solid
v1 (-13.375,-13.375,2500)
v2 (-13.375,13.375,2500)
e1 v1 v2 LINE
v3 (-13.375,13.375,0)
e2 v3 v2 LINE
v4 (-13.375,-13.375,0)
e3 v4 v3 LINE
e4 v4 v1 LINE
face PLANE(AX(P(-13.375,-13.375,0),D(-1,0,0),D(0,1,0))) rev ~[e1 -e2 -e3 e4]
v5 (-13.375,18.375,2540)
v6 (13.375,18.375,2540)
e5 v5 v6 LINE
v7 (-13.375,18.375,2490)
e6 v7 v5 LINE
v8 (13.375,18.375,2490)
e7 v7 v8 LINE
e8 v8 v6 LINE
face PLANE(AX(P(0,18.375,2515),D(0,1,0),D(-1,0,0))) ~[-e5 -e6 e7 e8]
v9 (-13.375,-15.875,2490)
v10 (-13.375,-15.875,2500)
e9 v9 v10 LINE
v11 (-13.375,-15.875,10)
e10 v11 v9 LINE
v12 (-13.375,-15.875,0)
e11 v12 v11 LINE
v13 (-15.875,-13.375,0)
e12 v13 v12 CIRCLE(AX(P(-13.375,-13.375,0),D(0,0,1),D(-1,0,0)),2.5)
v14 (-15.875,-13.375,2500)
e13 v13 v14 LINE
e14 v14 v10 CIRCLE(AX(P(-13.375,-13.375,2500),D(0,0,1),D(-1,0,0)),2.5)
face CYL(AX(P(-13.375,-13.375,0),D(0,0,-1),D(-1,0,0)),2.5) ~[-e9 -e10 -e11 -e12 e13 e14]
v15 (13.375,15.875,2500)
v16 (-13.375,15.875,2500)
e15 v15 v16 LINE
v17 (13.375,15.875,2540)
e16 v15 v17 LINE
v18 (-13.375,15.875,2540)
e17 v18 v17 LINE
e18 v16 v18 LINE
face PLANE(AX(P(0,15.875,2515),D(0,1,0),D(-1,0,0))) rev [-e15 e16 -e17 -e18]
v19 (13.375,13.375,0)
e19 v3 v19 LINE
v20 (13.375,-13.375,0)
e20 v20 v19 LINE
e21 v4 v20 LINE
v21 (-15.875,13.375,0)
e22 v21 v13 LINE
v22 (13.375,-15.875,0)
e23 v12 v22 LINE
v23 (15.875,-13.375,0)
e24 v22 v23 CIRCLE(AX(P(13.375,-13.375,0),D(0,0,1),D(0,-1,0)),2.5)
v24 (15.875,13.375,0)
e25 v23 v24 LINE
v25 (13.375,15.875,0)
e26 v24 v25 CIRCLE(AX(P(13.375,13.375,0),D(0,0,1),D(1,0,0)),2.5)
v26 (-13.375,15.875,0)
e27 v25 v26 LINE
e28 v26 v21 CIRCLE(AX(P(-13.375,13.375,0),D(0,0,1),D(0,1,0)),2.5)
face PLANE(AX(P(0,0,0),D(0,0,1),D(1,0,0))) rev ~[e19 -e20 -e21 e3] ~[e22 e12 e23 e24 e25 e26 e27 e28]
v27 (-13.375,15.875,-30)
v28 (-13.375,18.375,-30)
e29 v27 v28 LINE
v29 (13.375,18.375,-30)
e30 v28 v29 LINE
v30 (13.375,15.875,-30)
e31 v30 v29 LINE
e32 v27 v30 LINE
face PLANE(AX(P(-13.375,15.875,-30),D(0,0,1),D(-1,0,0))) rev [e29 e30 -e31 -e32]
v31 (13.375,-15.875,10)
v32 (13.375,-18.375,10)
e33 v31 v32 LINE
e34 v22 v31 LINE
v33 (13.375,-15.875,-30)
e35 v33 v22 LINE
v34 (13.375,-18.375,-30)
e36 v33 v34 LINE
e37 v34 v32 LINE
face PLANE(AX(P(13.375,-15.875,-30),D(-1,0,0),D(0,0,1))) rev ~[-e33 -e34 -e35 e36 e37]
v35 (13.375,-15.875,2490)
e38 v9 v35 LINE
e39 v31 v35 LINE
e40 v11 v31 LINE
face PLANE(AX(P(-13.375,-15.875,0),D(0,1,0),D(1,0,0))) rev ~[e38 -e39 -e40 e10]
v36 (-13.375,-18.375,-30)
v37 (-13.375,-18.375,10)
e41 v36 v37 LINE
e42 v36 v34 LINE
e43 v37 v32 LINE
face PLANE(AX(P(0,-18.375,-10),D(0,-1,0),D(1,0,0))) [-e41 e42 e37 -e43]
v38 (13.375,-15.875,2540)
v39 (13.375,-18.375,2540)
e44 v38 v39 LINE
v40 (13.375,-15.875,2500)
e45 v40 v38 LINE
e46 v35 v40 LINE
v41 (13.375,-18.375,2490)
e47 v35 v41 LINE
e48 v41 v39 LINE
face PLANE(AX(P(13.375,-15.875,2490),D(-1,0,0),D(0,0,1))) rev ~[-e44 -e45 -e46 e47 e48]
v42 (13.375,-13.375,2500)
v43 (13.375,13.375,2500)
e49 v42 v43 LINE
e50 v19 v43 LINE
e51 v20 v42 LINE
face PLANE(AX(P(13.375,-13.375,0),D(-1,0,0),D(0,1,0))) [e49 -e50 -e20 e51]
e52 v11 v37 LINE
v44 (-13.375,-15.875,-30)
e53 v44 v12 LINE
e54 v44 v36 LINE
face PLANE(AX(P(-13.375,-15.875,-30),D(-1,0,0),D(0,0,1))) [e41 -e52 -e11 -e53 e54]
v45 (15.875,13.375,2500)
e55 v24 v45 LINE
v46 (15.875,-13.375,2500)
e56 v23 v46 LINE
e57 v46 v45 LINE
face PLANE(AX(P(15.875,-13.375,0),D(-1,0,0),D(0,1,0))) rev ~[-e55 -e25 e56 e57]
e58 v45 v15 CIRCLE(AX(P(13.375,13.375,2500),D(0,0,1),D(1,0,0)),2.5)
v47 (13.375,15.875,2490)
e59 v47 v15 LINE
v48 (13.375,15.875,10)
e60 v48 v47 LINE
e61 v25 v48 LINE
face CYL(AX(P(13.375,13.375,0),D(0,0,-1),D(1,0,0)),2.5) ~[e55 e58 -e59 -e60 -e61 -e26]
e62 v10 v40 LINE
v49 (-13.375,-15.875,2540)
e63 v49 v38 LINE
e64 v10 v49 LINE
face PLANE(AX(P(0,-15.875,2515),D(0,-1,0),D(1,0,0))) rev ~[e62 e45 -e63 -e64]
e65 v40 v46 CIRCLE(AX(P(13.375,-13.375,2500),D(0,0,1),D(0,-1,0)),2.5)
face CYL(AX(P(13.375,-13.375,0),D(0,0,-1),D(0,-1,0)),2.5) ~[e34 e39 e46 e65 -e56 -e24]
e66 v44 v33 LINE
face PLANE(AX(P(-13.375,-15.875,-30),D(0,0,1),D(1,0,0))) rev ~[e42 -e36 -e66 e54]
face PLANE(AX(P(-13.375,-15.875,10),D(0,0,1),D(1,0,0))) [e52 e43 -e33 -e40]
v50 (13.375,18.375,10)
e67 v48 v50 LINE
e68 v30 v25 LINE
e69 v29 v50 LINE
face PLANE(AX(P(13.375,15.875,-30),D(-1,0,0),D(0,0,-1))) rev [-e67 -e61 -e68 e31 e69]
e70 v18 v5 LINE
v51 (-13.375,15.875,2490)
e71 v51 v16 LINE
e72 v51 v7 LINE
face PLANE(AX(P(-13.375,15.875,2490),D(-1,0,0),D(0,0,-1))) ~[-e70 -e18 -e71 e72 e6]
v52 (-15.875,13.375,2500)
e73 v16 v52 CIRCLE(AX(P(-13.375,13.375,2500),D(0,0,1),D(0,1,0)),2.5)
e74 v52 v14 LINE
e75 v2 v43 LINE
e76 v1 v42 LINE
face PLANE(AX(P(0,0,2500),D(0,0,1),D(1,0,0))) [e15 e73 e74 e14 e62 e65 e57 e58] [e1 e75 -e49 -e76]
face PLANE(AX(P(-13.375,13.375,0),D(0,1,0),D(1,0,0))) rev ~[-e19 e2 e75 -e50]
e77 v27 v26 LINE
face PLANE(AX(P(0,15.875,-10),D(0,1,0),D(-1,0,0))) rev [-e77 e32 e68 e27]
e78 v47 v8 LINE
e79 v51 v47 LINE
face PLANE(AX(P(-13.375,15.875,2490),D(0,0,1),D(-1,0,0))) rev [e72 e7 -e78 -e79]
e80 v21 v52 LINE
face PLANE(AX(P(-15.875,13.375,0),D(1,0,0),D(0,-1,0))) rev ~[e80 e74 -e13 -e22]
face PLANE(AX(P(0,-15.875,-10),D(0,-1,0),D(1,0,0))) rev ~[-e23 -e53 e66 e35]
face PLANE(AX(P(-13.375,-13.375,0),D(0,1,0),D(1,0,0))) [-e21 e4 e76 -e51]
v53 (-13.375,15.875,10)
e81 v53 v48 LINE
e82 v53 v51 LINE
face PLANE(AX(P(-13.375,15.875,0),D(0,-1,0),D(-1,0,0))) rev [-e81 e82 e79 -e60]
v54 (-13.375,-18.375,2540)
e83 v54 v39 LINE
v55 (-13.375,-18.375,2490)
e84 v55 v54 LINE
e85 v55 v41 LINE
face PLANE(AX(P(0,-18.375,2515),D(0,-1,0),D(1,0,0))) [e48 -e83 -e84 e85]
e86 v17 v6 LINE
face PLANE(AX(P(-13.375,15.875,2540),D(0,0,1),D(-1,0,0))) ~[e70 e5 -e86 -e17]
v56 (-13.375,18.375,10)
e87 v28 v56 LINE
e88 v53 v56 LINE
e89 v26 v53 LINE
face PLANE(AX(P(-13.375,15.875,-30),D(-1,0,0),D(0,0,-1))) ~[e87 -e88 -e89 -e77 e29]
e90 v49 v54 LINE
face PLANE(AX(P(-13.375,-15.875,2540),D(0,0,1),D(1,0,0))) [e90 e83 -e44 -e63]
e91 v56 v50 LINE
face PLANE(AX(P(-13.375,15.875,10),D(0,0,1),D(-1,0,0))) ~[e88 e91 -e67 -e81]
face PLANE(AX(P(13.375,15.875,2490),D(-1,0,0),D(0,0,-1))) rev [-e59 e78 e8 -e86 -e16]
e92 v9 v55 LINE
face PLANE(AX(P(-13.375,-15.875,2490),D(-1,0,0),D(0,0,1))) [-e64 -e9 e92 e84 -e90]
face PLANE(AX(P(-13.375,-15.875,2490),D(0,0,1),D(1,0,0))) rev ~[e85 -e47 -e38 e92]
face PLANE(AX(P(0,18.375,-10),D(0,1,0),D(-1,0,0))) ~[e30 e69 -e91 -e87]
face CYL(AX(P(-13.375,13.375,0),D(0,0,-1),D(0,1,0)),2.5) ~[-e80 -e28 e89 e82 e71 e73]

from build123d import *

# Parameters (mm, degrees)
F0_W     = 26.75
F0_H     = 26.75
F1_DEPTH = 2500
F2_W     = 26.75
F2_H     = 50
F2_H_2   = 40
F3_DEPTH = 2.5


with BuildPart() as f1:
    # F0 (on Top) → F1 (new body)
    with BuildSketch(Plane.XY):
        with BuildLine():
            ThreePointArc((15.875, 13.375), (15.142766953, 15.142766953), (13.375, 15.875))
            Line((13.375, 15.875), (-13.375, 15.875))
            ThreePointArc((-13.375, 15.875), (-15.142766953, 15.142766953), (-15.875, 13.375))
            Line((-15.875, 13.375), (-15.875, -13.375))
            ThreePointArc((-15.875, -13.375), (-15.142766953, -15.142766953), (-13.375, -15.875))
            Line((-13.375, -15.875), (13.375, -15.875))
            ThreePointArc((13.375, -15.875), (15.142766953, -15.142766953), (15.875, -13.375))
            Line((15.875, -13.375), (15.875, 13.375))
        make_face()
        Rectangle(F0_W, F0_H, mode=Mode.SUBTRACT)
    extrude(amount=F1_DEPTH)

    # F2 (on face) → F3 (join)
    with BuildSketch(Plane.XZ.offset(15.875)):
        with Locations((0, 2515)):
            Rectangle(F2_W, F2_H)
        with Locations((0, -10)):
            Rectangle(F2_W, F2_H_2)
    extrude(amount=F3_DEPTH)

    # F4: F1 across plane


with BuildPart() as f1_1:
    add(f1.part)
    add(f1.part.mirror(Plane.XZ))


solid = f1_1.part
